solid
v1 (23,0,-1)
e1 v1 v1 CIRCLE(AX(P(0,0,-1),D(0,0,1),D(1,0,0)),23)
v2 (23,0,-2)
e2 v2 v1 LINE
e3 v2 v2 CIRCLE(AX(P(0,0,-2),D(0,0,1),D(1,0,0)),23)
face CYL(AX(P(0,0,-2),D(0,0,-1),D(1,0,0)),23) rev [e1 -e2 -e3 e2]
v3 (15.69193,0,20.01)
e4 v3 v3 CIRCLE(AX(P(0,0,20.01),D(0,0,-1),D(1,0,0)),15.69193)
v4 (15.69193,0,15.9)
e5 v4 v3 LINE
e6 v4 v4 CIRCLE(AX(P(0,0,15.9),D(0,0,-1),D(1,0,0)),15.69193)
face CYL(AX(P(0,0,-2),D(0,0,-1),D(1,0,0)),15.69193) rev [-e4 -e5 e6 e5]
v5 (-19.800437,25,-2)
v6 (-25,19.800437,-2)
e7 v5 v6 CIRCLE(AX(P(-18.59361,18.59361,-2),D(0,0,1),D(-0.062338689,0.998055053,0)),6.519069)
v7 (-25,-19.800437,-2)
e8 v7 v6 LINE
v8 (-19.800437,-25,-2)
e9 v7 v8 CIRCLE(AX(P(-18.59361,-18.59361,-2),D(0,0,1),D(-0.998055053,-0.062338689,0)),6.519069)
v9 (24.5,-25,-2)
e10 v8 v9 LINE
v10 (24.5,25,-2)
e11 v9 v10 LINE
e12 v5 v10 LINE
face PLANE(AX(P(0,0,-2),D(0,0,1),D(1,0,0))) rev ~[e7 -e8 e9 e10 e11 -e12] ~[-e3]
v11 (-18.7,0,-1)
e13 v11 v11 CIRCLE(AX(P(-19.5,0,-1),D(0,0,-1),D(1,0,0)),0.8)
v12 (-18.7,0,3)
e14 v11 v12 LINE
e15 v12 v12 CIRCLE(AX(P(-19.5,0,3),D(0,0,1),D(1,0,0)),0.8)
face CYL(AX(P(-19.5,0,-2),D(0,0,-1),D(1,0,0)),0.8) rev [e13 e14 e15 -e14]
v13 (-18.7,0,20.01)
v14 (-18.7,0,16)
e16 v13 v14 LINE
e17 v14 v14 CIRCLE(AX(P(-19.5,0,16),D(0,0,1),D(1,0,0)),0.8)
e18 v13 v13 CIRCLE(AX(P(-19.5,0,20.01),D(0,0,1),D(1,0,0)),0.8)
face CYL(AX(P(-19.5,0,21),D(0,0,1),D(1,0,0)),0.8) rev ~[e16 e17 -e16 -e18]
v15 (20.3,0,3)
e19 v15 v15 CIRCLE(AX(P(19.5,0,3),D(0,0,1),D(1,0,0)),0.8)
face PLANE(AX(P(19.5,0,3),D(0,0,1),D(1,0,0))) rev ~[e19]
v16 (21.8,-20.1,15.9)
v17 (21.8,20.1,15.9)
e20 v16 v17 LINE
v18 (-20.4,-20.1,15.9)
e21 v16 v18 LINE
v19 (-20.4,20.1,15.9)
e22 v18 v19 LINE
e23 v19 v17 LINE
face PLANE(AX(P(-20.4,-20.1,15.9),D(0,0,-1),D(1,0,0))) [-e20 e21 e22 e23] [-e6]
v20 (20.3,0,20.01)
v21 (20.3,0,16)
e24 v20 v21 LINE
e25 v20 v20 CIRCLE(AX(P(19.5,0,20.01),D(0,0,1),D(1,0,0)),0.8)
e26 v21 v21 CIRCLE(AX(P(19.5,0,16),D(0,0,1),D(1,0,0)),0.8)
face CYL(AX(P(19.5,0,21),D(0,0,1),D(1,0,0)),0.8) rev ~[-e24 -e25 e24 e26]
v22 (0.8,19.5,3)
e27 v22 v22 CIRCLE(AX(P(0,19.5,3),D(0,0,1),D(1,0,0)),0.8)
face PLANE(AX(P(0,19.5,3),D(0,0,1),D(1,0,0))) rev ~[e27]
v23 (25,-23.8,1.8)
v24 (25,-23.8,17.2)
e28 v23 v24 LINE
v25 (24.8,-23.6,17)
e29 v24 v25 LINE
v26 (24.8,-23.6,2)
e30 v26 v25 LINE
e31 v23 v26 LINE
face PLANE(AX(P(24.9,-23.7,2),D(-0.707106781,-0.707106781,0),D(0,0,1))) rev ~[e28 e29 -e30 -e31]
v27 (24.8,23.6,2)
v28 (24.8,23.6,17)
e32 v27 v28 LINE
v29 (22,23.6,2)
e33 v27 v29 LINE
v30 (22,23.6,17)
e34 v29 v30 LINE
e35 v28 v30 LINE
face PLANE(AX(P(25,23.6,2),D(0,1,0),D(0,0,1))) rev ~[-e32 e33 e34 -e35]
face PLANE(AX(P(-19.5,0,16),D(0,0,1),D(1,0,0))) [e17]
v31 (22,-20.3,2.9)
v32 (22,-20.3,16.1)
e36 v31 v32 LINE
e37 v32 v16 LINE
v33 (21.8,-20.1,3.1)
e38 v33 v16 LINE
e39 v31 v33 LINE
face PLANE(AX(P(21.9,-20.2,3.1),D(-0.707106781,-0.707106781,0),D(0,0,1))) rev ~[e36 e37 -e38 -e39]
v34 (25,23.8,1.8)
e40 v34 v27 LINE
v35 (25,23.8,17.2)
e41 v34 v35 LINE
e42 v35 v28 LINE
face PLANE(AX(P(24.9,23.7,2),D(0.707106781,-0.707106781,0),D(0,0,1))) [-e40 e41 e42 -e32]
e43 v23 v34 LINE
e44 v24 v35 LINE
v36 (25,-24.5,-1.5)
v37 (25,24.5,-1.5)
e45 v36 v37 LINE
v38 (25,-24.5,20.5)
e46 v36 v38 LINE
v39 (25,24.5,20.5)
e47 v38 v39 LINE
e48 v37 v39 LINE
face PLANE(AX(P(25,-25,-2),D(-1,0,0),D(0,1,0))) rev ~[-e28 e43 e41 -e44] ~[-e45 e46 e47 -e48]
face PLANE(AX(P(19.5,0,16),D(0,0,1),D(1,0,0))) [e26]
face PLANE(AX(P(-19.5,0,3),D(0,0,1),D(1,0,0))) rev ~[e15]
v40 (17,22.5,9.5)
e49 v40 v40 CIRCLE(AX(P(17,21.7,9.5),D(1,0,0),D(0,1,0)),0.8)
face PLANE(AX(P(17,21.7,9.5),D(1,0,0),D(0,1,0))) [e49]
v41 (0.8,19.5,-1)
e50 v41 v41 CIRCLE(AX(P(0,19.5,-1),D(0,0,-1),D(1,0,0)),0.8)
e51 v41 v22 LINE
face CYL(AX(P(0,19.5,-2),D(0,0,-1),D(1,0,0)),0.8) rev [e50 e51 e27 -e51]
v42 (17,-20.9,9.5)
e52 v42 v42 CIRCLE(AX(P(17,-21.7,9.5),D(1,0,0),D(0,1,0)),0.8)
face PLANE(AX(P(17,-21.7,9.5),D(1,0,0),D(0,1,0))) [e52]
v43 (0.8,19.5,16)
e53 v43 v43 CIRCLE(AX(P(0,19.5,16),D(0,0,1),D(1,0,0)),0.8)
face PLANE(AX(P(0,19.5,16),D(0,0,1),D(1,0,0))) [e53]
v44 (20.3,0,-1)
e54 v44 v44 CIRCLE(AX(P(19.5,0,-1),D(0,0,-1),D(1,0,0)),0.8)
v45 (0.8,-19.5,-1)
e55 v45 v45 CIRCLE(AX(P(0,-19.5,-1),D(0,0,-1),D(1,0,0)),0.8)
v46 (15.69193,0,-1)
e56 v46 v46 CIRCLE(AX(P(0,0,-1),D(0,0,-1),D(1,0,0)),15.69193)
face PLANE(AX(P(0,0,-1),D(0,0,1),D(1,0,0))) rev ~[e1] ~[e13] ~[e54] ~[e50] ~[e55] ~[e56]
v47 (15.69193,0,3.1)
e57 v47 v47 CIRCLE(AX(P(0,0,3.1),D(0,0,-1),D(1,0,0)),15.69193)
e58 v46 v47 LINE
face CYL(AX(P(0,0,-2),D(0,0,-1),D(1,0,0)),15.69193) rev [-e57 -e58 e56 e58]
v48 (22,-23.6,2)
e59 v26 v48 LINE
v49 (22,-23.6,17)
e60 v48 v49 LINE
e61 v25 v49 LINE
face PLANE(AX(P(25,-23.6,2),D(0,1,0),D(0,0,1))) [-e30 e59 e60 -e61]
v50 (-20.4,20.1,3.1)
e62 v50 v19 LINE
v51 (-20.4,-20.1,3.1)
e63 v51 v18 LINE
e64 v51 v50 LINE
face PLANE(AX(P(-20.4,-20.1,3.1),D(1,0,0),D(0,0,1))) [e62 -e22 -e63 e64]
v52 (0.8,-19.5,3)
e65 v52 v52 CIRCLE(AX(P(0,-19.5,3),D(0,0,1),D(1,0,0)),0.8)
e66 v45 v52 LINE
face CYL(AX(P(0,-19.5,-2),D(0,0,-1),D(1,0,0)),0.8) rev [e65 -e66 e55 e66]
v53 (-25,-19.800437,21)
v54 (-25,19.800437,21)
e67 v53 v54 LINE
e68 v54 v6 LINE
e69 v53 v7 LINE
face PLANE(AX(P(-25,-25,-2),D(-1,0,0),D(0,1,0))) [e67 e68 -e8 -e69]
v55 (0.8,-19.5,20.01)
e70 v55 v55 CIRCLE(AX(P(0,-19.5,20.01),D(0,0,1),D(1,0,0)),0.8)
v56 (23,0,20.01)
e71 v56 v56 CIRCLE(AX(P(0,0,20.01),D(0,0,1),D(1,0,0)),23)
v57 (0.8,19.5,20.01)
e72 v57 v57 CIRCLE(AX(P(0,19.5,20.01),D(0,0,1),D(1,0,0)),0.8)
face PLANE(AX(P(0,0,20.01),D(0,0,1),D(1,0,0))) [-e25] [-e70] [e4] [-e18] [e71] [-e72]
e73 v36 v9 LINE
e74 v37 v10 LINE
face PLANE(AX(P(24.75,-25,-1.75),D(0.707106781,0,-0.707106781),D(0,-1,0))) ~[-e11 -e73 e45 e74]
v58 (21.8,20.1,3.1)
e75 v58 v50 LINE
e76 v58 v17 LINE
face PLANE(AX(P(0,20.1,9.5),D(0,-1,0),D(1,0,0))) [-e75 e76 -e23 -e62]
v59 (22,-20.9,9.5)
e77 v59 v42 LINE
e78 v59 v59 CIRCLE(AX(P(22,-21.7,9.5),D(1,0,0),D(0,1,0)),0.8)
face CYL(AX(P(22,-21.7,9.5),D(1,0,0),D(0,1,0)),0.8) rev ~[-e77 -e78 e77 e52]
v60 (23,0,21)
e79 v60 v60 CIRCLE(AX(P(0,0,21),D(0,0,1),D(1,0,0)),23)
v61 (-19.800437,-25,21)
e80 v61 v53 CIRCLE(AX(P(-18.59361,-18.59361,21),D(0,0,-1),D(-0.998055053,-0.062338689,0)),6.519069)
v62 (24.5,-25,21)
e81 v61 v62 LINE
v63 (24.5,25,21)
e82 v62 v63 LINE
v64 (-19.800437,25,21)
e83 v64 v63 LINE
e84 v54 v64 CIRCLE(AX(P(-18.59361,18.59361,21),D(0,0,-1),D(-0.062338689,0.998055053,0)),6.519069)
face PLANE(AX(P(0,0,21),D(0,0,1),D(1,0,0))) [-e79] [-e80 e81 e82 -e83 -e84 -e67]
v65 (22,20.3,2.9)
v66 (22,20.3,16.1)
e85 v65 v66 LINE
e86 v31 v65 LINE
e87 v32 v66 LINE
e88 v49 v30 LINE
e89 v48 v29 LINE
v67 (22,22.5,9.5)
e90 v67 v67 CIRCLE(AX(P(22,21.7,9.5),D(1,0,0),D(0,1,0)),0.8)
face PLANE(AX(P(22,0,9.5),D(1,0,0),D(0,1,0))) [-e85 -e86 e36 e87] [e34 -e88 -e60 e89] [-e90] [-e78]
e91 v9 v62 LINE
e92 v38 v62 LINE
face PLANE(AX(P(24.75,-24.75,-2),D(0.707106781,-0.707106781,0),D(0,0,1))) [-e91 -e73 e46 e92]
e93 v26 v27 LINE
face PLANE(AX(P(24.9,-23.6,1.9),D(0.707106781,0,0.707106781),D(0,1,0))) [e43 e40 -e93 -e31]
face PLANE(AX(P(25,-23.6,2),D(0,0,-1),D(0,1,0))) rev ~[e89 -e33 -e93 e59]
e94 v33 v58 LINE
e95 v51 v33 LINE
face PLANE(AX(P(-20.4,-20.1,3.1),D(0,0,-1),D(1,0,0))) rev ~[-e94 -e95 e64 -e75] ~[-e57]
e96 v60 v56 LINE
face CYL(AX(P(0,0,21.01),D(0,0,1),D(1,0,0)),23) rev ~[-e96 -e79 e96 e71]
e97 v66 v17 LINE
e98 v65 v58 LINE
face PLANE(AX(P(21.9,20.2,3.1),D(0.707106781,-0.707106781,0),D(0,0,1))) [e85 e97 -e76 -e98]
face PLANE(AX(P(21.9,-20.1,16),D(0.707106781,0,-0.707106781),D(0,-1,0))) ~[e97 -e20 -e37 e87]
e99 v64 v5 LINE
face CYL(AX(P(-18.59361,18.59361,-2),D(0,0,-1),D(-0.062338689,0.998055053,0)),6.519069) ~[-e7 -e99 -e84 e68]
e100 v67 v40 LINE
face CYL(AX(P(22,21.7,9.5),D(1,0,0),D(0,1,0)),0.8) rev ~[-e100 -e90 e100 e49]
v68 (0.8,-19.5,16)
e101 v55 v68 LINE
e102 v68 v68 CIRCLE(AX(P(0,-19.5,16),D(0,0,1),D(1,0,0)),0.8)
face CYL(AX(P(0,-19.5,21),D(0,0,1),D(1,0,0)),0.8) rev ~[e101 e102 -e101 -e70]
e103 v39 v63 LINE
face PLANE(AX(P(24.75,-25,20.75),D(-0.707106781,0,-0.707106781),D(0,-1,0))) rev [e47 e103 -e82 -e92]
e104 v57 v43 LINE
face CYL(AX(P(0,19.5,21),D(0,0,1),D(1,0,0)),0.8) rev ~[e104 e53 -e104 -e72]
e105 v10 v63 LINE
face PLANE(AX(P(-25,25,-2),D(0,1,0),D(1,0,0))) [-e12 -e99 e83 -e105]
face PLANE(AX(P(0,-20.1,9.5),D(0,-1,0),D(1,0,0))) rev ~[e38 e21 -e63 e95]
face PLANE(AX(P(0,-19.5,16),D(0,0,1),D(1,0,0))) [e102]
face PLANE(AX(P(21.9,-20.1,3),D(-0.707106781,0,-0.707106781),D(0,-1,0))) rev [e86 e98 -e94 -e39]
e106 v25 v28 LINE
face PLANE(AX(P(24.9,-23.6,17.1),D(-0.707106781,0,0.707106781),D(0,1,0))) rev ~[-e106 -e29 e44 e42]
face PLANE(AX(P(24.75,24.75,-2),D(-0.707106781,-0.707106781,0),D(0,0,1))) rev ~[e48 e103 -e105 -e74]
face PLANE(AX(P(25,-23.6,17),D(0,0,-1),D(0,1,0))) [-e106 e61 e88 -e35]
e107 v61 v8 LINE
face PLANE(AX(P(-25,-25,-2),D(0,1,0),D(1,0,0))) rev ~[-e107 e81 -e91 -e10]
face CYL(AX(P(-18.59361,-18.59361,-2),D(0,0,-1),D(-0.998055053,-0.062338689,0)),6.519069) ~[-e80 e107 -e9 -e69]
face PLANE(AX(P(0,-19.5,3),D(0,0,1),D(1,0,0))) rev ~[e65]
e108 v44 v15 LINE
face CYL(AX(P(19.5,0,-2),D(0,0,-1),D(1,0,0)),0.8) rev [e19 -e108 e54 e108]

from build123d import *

# Parameters (mm, degrees)
SKETCH005_W     = 50
SKETCH005_H     = 50
SKETCH005_R     = 15.69193
PAD_DEPTH       = 23
SKETCH006_W     = 40.8
SKETCH006_H     = 12.8
POCKET_DEPTH    = 40.2
SKETCH011_W     = 47.2
SKETCH011_H     = 15
POCKET001_DEPTH = 3
SKETCH012_R     = 0.8
SKETCH012_W     = 40.2
SKETCH012_H     = 12.8
POCKET002_DEPTH = 5
SKETCH020_R     = 23
POCKET007_DEPTH = 1
SKETCH021_R     = 23
POCKET008_DEPTH = 1
SKETCH022_R     = 0.8
POCKET009_DEPTH = 5
SKETCH023_R     = 0.8
POCKET010_DEPTH = 5
POCKET015_DEPTH = 23.001
CHAMFER012_SIZE = 0.2
CHAMFER_SIZE    = 0.5


with BuildPart() as part:
    # Sketch005 → Pad (new body)
    with BuildSketch(Plane.XY):
        Rectangle(SKETCH005_W, SKETCH005_H)
        Circle(SKETCH005_R, mode=Mode.SUBTRACT)
    extrude(amount=PAD_DEPTH)

    # Sketch006 → Pocket (cut)
    with BuildSketch(Plane.XZ.offset(20.1)):
        with Locations((0, 11.5)):
            Rectangle(SKETCH006_W, SKETCH006_H)
    extrude(amount=-POCKET_DEPTH, mode=Mode.SUBTRACT)

    # Sketch011 → Pocket001 (cut)
    with BuildSketch(Plane.YZ.offset(25)):
        with Locations((0, 11.5)):
            Rectangle(SKETCH011_W, SKETCH011_H)
    extrude(amount=-POCKET001_DEPTH, mode=Mode.SUBTRACT)

    # Sketch012 → Pocket002 (cut)
    with BuildSketch(Plane.YZ.offset(22)):
        with Locations((-21.7, 11.5)):
            Circle(SKETCH012_R)
        with Locations((21.7, 11.5)):
            Circle(SKETCH012_R)
        with Locations((0, 11.5)):
            Rectangle(SKETCH012_W, SKETCH012_H)
    extrude(amount=-POCKET002_DEPTH, mode=Mode.SUBTRACT)

    # Sketch020 → Pocket007 (cut)
    with BuildSketch(Plane.XY):
        Circle(SKETCH020_R)
    extrude(amount=POCKET007_DEPTH, mode=Mode.SUBTRACT)

    # Sketch021 → Pocket008 (cut)
    with BuildSketch(Plane.XY.offset(23.01)):
        Circle(SKETCH021_R)
    extrude(amount=-POCKET008_DEPTH, mode=Mode.SUBTRACT)

    # Sketch022 → Pocket009 (cut)
    with BuildSketch(Plane.XY):
        with Locations((-19.5, 0)):
            Circle(SKETCH022_R)
        with Locations((0, -19.5)):
            Circle(SKETCH022_R)
        with Locations((19.5, 0)):
            Circle(SKETCH022_R)
        with Locations((0, 19.5)):
            Circle(SKETCH022_R)
    extrude(amount=POCKET009_DEPTH, mode=Mode.SUBTRACT)

    # Sketch023 → Pocket010 (cut)
    with BuildSketch(Plane.XY.offset(23)):
        with Locations((-19.5, 0)):
            Circle(SKETCH023_R)
        with Locations((0, -19.5)):
            Circle(SKETCH023_R)
        with Locations((19.5, 0)):
            Circle(SKETCH023_R)
        with Locations((0, 19.5)):
            Circle(SKETCH023_R)
    extrude(amount=-POCKET010_DEPTH, mode=Mode.SUBTRACT)

    # Sketch033 → Pocket015 (cut, through all)
    with BuildSketch(Plane.XY):
        with BuildLine():
            Line((-19, 25.1), (-25.1, 25.1))
            Line((-25.1, 19), (-25.1, 25.1))
            ThreePointArc((-19, 25.1), (-23.203288, 23.203288), (-25.1, 19))
        make_face()
        with BuildLine():
            Line((-25.1, -19), (-25.1, -25.1))
            Line((-19, -25.1), (-25.1, -25.1))
            ThreePointArc((-25.1, -19), (-23.203288, -23.203288), (-19, -25.1))
        make_face()
    extrude(amount=POCKET015_DEPTH, mode=Mode.SUBTRACT)

    # Chamfer012
    chamfer012_edges = [part.edges().sort_by_distance(p)[0] for p in [
        (22, 0, 5.1),
        (22, 20.1, 11.5),
        (22, 0, 17.9),
        (22, -20.1, 11.5),
        (25, -23.6, 11.5),
        (25, 0, 4),
        (25, 23.6, 11.5),
        (25, 0, 19),
    ]]
    chamfer(chamfer012_edges, length=CHAMFER012_SIZE)

    # Chamfer
    chamfer_edges = [part.edges().sort_by_distance(p)[0] for p in [
        (25, 25, 11.5),
        (25, 0, 0),
        (25, 0, 23),
        (25, -25, 11.5),
    ]]
    chamfer(chamfer_edges, length=CHAMFER_SIZE)


with BuildPart() as part_1:
    # Body002 placement: moved
    add(part.part.moved(Location((0, 0, -2))))


solid = part_1.part
